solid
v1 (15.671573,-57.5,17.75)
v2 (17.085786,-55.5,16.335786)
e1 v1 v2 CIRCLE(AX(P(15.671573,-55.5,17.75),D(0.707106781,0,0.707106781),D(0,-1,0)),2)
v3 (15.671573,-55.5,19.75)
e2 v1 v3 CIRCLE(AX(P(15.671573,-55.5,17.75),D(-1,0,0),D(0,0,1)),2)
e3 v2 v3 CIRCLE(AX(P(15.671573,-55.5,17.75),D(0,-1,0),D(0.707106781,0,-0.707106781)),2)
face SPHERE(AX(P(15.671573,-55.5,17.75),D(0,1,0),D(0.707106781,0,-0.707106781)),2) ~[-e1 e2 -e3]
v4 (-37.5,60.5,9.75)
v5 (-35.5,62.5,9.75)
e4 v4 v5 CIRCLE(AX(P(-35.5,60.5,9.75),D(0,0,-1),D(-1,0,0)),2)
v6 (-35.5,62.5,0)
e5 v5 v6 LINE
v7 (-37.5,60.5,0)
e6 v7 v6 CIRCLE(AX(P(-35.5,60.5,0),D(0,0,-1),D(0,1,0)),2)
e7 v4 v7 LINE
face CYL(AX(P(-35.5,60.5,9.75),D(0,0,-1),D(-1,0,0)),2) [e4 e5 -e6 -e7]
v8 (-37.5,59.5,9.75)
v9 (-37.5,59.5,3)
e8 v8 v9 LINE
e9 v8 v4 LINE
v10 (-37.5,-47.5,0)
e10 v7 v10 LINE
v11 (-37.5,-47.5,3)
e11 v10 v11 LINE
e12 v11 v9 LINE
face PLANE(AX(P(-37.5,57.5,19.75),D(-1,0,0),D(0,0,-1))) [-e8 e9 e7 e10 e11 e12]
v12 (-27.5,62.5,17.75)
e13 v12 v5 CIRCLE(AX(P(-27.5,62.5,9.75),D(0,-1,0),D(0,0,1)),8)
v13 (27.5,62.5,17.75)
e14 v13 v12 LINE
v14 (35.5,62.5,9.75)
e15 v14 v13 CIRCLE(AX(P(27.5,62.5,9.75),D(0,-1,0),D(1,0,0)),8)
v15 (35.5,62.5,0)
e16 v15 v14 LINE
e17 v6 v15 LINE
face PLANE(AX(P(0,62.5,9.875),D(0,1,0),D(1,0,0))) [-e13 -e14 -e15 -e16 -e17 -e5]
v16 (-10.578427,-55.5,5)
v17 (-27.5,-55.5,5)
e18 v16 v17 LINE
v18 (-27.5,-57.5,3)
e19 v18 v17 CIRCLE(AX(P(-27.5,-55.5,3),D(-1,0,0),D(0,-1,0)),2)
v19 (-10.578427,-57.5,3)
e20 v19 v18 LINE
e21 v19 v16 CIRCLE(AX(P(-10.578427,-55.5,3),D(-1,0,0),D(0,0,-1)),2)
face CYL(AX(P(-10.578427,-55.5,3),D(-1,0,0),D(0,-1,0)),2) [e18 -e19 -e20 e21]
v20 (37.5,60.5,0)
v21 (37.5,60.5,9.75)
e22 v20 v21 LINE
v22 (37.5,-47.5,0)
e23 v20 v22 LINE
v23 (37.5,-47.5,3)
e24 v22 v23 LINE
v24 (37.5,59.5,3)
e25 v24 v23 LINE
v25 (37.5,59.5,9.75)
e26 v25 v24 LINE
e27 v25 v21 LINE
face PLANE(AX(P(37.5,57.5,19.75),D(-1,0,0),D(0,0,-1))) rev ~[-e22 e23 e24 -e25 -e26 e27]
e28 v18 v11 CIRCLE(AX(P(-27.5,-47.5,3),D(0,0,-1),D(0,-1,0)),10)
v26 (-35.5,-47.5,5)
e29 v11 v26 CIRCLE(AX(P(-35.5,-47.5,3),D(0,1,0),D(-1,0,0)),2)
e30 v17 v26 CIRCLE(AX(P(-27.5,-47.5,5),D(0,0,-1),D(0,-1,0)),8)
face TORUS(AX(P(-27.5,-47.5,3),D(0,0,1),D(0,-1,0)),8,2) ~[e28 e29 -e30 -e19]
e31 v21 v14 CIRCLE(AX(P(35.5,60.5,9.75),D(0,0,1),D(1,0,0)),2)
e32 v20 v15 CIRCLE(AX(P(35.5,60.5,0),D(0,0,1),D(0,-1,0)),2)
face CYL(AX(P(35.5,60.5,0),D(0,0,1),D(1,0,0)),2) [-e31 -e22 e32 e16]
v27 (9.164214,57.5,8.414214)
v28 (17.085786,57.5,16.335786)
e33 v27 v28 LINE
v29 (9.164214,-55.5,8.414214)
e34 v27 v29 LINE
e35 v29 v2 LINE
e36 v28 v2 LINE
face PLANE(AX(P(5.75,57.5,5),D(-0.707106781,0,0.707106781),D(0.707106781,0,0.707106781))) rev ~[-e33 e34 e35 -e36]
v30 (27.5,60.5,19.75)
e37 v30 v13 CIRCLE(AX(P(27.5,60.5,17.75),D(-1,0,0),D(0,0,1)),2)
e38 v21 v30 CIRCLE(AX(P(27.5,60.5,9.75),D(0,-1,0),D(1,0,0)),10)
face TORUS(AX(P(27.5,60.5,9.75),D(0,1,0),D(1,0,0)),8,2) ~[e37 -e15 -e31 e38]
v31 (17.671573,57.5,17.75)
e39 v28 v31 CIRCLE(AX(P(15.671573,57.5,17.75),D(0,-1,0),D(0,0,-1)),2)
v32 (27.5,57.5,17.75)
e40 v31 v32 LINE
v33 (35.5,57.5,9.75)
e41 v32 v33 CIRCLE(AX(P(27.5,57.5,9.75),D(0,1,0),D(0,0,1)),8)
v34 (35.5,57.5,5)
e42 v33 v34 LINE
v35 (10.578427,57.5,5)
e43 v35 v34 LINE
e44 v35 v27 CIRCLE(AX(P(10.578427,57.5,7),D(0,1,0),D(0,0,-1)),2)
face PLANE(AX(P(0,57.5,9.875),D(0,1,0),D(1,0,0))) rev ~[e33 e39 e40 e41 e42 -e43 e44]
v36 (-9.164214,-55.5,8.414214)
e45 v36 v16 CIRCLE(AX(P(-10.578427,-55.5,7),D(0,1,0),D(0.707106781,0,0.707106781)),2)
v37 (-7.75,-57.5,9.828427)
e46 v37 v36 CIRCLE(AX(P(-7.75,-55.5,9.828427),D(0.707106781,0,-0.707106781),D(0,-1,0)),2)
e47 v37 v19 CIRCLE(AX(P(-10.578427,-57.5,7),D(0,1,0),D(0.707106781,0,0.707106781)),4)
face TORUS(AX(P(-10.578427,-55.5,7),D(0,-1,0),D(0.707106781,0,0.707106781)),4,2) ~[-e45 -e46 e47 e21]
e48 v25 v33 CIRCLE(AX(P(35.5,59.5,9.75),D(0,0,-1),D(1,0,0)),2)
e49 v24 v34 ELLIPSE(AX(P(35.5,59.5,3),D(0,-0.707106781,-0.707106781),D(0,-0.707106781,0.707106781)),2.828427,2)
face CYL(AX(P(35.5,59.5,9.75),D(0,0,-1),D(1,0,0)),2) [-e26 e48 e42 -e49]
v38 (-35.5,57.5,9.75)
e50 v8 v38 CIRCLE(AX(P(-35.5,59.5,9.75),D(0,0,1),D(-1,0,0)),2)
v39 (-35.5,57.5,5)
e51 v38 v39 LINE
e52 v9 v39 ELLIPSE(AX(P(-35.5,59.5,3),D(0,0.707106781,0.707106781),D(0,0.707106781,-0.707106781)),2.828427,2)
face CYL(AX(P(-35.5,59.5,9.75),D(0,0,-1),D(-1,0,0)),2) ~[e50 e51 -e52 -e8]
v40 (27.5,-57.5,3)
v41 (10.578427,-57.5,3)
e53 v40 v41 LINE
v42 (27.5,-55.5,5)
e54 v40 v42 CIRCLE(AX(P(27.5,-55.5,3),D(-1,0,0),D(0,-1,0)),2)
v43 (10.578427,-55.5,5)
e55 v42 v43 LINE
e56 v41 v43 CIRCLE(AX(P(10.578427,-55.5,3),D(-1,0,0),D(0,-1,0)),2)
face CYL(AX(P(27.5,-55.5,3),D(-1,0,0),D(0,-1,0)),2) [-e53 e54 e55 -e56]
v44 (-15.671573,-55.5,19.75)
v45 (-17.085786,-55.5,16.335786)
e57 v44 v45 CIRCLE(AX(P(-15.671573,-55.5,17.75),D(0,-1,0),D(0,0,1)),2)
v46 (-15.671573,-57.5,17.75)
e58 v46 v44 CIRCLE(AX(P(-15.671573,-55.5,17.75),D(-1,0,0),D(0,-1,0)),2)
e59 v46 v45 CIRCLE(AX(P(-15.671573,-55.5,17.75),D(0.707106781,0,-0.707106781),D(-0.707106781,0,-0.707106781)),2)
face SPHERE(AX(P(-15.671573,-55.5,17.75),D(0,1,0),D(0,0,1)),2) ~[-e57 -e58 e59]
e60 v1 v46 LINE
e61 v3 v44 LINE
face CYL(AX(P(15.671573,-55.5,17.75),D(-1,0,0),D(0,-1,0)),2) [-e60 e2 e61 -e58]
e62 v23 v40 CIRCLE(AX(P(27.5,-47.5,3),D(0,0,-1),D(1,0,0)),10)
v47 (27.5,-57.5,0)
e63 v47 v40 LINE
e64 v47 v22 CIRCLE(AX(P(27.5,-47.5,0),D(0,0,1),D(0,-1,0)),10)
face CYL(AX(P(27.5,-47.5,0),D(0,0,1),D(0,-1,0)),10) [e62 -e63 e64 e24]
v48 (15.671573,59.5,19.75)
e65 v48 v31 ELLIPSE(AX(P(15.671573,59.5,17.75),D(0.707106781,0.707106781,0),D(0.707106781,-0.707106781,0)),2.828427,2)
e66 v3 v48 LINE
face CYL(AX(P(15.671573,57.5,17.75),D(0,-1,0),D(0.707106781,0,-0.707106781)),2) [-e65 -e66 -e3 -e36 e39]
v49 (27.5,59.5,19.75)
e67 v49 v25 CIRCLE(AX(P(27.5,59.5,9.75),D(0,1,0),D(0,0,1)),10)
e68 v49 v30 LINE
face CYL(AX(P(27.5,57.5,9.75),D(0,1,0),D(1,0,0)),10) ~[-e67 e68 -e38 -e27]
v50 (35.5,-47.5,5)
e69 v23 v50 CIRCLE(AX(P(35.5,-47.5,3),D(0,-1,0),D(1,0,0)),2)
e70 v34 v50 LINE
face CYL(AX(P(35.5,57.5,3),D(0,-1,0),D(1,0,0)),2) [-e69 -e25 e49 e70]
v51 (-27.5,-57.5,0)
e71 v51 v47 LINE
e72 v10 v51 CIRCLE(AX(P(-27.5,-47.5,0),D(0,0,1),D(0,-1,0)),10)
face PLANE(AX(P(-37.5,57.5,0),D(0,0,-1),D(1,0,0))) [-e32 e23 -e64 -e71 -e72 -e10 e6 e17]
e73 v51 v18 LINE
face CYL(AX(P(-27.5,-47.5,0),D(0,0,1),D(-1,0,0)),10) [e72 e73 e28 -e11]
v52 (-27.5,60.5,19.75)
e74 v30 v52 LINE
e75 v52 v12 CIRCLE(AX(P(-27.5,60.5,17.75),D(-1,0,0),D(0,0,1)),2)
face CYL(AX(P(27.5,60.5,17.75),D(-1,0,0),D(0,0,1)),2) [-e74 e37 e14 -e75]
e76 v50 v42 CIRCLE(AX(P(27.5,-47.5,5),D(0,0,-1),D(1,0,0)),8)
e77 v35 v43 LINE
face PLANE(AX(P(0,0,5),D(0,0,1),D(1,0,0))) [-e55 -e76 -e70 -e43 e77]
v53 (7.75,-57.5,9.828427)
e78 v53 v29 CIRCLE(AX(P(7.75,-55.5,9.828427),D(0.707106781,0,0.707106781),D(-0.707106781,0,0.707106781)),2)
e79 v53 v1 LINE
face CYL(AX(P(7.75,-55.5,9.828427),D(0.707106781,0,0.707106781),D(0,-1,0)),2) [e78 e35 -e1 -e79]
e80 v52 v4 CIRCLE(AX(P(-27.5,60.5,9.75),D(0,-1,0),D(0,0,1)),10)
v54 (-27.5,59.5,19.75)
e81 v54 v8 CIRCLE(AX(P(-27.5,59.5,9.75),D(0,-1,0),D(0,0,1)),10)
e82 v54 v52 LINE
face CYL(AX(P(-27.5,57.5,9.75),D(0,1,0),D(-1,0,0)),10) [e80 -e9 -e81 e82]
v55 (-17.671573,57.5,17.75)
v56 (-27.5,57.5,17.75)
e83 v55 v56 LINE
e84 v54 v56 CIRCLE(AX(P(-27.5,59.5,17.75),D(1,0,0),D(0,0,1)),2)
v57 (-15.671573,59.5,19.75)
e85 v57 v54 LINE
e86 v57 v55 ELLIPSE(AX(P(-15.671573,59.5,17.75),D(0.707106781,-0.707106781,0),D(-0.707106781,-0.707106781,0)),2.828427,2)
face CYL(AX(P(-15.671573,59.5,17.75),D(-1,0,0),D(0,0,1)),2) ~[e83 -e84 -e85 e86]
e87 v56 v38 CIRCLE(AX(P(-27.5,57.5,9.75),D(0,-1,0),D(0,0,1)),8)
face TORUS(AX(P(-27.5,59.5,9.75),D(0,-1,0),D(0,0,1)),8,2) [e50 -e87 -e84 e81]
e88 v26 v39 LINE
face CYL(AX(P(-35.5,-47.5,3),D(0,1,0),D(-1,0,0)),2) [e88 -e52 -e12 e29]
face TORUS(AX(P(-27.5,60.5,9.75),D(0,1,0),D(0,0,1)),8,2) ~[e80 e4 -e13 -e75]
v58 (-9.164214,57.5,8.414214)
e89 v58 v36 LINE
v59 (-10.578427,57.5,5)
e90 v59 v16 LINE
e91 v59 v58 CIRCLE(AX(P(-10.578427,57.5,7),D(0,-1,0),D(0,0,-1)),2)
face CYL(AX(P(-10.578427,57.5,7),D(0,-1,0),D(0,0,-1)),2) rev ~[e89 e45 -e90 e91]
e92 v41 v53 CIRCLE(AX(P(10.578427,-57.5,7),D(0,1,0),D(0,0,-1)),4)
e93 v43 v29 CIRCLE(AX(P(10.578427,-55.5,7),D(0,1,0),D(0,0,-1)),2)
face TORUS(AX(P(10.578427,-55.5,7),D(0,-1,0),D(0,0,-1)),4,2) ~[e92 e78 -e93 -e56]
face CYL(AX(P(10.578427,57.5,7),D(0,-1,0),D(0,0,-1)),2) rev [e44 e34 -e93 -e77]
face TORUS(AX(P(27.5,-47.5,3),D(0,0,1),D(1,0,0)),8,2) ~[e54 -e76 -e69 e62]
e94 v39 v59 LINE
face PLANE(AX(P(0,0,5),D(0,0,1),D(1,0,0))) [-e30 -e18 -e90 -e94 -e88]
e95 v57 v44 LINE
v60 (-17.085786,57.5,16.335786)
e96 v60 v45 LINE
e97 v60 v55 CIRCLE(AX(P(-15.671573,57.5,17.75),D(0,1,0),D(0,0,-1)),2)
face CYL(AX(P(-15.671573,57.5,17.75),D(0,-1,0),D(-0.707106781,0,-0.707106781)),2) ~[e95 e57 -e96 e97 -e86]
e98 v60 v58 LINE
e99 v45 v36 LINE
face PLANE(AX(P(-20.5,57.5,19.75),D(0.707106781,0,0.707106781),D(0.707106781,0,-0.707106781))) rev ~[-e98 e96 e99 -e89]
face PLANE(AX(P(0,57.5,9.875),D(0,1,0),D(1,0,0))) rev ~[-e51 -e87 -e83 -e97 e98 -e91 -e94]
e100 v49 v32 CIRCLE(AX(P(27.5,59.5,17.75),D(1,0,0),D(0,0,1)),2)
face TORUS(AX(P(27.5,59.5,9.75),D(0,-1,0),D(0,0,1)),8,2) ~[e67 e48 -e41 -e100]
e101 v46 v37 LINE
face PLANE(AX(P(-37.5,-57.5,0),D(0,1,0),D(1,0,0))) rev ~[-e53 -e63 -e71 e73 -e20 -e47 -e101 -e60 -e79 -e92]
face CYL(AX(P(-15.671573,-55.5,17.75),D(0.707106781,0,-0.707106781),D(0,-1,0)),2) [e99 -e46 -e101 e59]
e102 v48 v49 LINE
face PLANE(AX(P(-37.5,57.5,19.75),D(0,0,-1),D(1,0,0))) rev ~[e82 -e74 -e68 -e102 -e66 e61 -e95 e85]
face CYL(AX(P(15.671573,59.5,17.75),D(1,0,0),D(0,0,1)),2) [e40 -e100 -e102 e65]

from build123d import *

# Parameters (mm, degrees)
SKETCH1_W           = 75
SKETCH1_H           = 115
BOSS_EXTRUDE1_DEPTH = 5
BOSS_EXTRUDE2_DEPTH = 115
FILLET1_R           = 2
SKETCH5_W           = 75
SKETCH5_H           = 19.75
BOSS_EXTRUDE3_DEPTH = 5
FILLET2_R           = 10
FILLET3_R           = 2


with BuildPart() as part:
    # Sketch1 → Boss-Extrude1 (new body)
    with BuildSketch(Plane.XY):
        Rectangle(SKETCH1_W, SKETCH1_H)
    extrude(amount=BOSS_EXTRUDE1_DEPTH)

    # Sketch4 → Boss-Extrude2 (add)
    with BuildSketch(Plane(origin=(0, 57.5, 0), x_dir=(1, 0, 0), z_dir=(0, 1, 0))):
        Polygon((-5.75, -5), (5.75, -5), (20.5, -19.75), (-20.5, -19.75), align=None)
    extrude(amount=-BOSS_EXTRUDE2_DEPTH)

    # Fillet1
    fillet1_edges = [part.edges().sort_by_distance(p)[0] for p in [
        (5.75, 0, 5),
        (20.5, 0, 19.75),
        (-20.5, 0, 19.75),
        (-5.75, 0, 5),
    ]]
    fillet(fillet1_edges, radius=FILLET1_R)

    # Sketch5 → Boss-Extrude3 (add)
    with BuildSketch(Plane(origin=(0, 57.5, 0), x_dir=(1, 0, 0), z_dir=(0, 1, 0))):
        with Locations((0, -9.875)):
            Rectangle(SKETCH5_W, SKETCH5_H)
    extrude(amount=BOSS_EXTRUDE3_DEPTH)

    # Fillet2
    fillet2_edges = [part.edges().sort_by_distance(p)[0] for p in [
        (-37.5, 60, 19.75),
        (37.5, 60, 19.75),
        (37.5, -57.5, 2.5),
        (-37.5, -57.5, 2.5),
    ]]
    fillet(fillet2_edges, radius=FILLET2_R)

    # Fillet3
    fillet3_edges = [part.edges().sort_by_distance(p)[0] for p in [
        (-37.5, 5, 5),
        (-13.125, -57.5, 12.375),
        (13.125, -57.5, 12.375),
        (19.039213562, -57.5, 5),
        (0, -57.5, 19.75),
        (-17.51933194, -57.5, 18.515366865),
        (17.51933194, -57.5, 18.515366865),
        (-8.73066806, -57.5, 6.234633135),
        (8.73066806, -57.5, 6.234633135),
        (-37.5, 57.5, 7.375),
        (21.585786438, 57.5, 19.75),
        (-37.5, 62.5, 4.875),
        (0, 62.5, 19.75),
        (-21.585786438, 57.5, 19.75),
        (-34.571067812, 57.5, 16.821067812),
        (37.5, 62.5, 4.875),
        (34.571067812, 62.5, 16.821067812),
        (-34.571067812, 62.5, 16.821067812),
        (37.5, 57.5, 7.375),
        (37.5, 5, 5),
        (34.571067812, 57.5, 16.821067812),
        (-19.039213562, -57.5, 5),
        (34.571067812, -54.571067812, 5),
        (-34.571067812, -54.571067812, 5),
    ]]
    fillet(fillet3_edges, radius=FILLET3_R)


solid = part.part
